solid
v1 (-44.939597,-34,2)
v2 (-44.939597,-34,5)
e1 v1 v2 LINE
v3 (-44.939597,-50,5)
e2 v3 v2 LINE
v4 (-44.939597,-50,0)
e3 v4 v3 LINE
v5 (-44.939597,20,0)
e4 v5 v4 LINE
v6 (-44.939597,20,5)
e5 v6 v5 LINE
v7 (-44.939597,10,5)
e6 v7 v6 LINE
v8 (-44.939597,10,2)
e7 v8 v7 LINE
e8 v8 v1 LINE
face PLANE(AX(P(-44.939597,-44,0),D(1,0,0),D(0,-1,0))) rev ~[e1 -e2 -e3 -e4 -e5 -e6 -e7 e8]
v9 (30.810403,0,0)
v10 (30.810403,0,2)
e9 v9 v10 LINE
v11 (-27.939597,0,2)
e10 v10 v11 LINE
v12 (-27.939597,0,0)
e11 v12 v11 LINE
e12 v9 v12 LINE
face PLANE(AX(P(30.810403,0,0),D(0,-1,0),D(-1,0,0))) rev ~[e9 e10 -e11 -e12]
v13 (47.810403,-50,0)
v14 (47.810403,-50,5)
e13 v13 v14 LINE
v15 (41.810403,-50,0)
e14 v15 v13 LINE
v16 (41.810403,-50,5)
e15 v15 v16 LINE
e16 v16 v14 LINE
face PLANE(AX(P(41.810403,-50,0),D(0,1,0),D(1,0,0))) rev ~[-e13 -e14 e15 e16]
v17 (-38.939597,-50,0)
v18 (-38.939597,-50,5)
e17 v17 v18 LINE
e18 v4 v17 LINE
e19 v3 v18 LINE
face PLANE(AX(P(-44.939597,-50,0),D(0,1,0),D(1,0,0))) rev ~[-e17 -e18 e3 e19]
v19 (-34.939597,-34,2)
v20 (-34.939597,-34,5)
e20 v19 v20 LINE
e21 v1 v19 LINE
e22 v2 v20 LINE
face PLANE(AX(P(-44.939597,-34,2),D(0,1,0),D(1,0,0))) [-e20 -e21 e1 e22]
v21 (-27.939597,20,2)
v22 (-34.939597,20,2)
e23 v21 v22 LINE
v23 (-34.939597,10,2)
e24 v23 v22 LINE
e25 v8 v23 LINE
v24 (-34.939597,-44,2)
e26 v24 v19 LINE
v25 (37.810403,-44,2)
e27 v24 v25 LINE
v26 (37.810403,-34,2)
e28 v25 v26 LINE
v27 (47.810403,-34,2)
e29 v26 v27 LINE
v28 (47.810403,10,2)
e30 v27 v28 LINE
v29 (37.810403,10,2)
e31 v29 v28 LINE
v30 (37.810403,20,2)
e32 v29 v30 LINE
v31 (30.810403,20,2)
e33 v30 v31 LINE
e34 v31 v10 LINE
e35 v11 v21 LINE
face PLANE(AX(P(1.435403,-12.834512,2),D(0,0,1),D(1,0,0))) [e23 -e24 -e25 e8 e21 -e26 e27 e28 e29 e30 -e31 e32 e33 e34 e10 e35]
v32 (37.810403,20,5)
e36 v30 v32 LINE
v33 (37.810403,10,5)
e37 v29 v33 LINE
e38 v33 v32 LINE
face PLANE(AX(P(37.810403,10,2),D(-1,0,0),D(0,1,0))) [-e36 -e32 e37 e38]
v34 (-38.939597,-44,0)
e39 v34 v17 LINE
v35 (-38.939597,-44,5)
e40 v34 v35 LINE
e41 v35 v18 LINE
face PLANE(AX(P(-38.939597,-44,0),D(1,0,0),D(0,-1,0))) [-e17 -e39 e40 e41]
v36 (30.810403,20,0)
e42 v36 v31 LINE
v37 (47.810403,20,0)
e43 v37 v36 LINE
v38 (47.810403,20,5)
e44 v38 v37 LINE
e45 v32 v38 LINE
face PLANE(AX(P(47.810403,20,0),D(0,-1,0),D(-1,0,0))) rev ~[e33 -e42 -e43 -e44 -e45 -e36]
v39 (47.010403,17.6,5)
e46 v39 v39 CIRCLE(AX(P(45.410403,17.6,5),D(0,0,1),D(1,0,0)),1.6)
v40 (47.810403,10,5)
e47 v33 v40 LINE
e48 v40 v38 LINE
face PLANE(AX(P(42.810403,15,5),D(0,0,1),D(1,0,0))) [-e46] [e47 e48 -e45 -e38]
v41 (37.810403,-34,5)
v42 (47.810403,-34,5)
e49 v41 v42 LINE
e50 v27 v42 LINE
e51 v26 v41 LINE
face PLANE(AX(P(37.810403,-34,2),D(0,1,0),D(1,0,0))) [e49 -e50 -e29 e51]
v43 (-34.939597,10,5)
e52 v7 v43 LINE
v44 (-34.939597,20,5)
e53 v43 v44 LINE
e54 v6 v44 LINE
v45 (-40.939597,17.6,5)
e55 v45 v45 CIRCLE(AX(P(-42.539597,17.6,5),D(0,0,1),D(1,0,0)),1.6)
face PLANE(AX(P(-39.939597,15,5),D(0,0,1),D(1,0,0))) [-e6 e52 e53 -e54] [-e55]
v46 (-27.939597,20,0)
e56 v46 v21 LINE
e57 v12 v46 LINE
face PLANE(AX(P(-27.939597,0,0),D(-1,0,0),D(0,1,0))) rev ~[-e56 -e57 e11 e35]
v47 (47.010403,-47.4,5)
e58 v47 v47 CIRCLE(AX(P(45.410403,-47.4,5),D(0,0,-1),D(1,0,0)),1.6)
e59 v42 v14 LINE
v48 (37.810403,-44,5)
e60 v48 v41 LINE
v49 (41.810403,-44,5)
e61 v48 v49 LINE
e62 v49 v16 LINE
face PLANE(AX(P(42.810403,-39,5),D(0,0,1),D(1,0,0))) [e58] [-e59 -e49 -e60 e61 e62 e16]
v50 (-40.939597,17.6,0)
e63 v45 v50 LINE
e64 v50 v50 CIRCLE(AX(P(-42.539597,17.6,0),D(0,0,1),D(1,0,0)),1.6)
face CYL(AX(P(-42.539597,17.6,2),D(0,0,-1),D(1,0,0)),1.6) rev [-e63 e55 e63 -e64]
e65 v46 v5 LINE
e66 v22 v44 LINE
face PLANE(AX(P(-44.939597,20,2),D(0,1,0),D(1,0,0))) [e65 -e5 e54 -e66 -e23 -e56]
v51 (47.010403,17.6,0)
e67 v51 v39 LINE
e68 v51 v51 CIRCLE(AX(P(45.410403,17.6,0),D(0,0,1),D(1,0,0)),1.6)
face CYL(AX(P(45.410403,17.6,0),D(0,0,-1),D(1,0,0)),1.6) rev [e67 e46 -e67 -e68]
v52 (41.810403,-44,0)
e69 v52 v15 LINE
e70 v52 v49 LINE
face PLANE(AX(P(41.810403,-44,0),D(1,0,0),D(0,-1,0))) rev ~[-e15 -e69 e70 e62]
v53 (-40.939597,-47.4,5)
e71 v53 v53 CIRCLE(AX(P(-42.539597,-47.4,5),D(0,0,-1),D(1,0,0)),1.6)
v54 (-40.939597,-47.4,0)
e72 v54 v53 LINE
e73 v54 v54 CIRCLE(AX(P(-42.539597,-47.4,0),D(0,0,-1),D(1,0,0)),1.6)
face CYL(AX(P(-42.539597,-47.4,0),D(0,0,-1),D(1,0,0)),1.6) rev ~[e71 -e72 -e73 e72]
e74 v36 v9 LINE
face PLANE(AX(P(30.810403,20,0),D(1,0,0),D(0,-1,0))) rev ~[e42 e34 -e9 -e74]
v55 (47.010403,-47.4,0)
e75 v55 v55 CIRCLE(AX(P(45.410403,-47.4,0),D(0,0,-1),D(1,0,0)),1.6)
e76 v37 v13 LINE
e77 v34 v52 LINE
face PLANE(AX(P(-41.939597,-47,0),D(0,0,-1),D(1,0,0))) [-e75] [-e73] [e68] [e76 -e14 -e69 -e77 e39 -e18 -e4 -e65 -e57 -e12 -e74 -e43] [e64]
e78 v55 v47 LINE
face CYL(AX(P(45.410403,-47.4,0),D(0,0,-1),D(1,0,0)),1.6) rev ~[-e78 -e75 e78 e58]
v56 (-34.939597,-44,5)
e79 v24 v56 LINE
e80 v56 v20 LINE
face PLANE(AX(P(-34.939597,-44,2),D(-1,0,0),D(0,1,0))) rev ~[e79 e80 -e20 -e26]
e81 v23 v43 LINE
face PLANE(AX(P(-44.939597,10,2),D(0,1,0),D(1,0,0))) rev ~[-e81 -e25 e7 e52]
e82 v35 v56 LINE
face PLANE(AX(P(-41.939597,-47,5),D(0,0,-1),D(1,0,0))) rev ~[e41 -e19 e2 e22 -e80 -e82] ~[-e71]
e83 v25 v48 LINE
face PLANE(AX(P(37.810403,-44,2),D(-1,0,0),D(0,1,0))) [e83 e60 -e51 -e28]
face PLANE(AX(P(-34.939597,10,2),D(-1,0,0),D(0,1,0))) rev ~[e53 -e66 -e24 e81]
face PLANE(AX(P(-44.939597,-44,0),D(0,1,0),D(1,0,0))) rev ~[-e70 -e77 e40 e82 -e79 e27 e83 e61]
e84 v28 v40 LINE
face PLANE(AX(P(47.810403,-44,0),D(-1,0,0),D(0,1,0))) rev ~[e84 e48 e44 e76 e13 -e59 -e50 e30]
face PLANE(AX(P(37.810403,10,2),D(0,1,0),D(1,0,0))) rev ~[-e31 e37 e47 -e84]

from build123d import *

# Parameters (mm, degrees)
F0_R     = 1.6
F1_DEPTH = 2
F2_W     = 10
F2_H     = 10
F2_R     = 1.6
F3_DEPTH = 3
F4_W     = 6
F4_H     = 6
F4_R     = 1.6
F5_DEPTH = 5


with BuildPart() as f1:
    # F0 (on Top) → F1 (new body)
    with BuildSketch(Plane.XY):
        Polygon((-27.939597, 0), (-27.939597, 20), (-44.939597, 20), (-44.939597, -44), (47.810403, -44), (47.810403, 20), (30.810403, 20), (30.810403, 0), align=None)
        with Locations((-42.539597, 17.6)):
            Circle(F0_R, mode=Mode.SUBTRACT)
        with Locations((45.410403, 17.6)):
            Circle(F0_R, mode=Mode.SUBTRACT)
    extrude(amount=F1_DEPTH)

    # F2 (on face) → F3 (join)
    with BuildSketch(Plane.XY.offset(2)):
        with Locations((-39.939597, 15)):
            Rectangle(F2_W, F2_H)
        with Locations((-42.539597, 17.6)):
            Circle(F2_R, mode=Mode.SUBTRACT)
        with Locations((42.810403, 15)):
            Rectangle(F2_W, F2_H)
        with Locations((45.410403, 17.6)):
            Circle(F2_R, mode=Mode.SUBTRACT)
        with Locations((-39.939597, -39)):
            Rectangle(F2_W, F2_H)
        with Locations((42.810403, -39)):
            Rectangle(F2_W, F2_H)
    extrude(amount=F3_DEPTH)

    # F4 (on face) → F5 (join)
    with BuildSketch(Plane(origin=(0, 0, 0), x_dir=(1, 0, 0), z_dir=(0, 0, -1))):
        with Locations((-41.939597, 47)):
            Rectangle(F4_W, F4_H)
        with Locations((-42.539597, 47.4)):
            Circle(F4_R, mode=Mode.SUBTRACT)
        with Locations((44.810403, 47)):
            Rectangle(F4_W, F4_H)
        with Locations((45.410403, 47.4)):
            Circle(F4_R, mode=Mode.SUBTRACT)
    extrude(amount=-F5_DEPTH)


solid = f1.part
